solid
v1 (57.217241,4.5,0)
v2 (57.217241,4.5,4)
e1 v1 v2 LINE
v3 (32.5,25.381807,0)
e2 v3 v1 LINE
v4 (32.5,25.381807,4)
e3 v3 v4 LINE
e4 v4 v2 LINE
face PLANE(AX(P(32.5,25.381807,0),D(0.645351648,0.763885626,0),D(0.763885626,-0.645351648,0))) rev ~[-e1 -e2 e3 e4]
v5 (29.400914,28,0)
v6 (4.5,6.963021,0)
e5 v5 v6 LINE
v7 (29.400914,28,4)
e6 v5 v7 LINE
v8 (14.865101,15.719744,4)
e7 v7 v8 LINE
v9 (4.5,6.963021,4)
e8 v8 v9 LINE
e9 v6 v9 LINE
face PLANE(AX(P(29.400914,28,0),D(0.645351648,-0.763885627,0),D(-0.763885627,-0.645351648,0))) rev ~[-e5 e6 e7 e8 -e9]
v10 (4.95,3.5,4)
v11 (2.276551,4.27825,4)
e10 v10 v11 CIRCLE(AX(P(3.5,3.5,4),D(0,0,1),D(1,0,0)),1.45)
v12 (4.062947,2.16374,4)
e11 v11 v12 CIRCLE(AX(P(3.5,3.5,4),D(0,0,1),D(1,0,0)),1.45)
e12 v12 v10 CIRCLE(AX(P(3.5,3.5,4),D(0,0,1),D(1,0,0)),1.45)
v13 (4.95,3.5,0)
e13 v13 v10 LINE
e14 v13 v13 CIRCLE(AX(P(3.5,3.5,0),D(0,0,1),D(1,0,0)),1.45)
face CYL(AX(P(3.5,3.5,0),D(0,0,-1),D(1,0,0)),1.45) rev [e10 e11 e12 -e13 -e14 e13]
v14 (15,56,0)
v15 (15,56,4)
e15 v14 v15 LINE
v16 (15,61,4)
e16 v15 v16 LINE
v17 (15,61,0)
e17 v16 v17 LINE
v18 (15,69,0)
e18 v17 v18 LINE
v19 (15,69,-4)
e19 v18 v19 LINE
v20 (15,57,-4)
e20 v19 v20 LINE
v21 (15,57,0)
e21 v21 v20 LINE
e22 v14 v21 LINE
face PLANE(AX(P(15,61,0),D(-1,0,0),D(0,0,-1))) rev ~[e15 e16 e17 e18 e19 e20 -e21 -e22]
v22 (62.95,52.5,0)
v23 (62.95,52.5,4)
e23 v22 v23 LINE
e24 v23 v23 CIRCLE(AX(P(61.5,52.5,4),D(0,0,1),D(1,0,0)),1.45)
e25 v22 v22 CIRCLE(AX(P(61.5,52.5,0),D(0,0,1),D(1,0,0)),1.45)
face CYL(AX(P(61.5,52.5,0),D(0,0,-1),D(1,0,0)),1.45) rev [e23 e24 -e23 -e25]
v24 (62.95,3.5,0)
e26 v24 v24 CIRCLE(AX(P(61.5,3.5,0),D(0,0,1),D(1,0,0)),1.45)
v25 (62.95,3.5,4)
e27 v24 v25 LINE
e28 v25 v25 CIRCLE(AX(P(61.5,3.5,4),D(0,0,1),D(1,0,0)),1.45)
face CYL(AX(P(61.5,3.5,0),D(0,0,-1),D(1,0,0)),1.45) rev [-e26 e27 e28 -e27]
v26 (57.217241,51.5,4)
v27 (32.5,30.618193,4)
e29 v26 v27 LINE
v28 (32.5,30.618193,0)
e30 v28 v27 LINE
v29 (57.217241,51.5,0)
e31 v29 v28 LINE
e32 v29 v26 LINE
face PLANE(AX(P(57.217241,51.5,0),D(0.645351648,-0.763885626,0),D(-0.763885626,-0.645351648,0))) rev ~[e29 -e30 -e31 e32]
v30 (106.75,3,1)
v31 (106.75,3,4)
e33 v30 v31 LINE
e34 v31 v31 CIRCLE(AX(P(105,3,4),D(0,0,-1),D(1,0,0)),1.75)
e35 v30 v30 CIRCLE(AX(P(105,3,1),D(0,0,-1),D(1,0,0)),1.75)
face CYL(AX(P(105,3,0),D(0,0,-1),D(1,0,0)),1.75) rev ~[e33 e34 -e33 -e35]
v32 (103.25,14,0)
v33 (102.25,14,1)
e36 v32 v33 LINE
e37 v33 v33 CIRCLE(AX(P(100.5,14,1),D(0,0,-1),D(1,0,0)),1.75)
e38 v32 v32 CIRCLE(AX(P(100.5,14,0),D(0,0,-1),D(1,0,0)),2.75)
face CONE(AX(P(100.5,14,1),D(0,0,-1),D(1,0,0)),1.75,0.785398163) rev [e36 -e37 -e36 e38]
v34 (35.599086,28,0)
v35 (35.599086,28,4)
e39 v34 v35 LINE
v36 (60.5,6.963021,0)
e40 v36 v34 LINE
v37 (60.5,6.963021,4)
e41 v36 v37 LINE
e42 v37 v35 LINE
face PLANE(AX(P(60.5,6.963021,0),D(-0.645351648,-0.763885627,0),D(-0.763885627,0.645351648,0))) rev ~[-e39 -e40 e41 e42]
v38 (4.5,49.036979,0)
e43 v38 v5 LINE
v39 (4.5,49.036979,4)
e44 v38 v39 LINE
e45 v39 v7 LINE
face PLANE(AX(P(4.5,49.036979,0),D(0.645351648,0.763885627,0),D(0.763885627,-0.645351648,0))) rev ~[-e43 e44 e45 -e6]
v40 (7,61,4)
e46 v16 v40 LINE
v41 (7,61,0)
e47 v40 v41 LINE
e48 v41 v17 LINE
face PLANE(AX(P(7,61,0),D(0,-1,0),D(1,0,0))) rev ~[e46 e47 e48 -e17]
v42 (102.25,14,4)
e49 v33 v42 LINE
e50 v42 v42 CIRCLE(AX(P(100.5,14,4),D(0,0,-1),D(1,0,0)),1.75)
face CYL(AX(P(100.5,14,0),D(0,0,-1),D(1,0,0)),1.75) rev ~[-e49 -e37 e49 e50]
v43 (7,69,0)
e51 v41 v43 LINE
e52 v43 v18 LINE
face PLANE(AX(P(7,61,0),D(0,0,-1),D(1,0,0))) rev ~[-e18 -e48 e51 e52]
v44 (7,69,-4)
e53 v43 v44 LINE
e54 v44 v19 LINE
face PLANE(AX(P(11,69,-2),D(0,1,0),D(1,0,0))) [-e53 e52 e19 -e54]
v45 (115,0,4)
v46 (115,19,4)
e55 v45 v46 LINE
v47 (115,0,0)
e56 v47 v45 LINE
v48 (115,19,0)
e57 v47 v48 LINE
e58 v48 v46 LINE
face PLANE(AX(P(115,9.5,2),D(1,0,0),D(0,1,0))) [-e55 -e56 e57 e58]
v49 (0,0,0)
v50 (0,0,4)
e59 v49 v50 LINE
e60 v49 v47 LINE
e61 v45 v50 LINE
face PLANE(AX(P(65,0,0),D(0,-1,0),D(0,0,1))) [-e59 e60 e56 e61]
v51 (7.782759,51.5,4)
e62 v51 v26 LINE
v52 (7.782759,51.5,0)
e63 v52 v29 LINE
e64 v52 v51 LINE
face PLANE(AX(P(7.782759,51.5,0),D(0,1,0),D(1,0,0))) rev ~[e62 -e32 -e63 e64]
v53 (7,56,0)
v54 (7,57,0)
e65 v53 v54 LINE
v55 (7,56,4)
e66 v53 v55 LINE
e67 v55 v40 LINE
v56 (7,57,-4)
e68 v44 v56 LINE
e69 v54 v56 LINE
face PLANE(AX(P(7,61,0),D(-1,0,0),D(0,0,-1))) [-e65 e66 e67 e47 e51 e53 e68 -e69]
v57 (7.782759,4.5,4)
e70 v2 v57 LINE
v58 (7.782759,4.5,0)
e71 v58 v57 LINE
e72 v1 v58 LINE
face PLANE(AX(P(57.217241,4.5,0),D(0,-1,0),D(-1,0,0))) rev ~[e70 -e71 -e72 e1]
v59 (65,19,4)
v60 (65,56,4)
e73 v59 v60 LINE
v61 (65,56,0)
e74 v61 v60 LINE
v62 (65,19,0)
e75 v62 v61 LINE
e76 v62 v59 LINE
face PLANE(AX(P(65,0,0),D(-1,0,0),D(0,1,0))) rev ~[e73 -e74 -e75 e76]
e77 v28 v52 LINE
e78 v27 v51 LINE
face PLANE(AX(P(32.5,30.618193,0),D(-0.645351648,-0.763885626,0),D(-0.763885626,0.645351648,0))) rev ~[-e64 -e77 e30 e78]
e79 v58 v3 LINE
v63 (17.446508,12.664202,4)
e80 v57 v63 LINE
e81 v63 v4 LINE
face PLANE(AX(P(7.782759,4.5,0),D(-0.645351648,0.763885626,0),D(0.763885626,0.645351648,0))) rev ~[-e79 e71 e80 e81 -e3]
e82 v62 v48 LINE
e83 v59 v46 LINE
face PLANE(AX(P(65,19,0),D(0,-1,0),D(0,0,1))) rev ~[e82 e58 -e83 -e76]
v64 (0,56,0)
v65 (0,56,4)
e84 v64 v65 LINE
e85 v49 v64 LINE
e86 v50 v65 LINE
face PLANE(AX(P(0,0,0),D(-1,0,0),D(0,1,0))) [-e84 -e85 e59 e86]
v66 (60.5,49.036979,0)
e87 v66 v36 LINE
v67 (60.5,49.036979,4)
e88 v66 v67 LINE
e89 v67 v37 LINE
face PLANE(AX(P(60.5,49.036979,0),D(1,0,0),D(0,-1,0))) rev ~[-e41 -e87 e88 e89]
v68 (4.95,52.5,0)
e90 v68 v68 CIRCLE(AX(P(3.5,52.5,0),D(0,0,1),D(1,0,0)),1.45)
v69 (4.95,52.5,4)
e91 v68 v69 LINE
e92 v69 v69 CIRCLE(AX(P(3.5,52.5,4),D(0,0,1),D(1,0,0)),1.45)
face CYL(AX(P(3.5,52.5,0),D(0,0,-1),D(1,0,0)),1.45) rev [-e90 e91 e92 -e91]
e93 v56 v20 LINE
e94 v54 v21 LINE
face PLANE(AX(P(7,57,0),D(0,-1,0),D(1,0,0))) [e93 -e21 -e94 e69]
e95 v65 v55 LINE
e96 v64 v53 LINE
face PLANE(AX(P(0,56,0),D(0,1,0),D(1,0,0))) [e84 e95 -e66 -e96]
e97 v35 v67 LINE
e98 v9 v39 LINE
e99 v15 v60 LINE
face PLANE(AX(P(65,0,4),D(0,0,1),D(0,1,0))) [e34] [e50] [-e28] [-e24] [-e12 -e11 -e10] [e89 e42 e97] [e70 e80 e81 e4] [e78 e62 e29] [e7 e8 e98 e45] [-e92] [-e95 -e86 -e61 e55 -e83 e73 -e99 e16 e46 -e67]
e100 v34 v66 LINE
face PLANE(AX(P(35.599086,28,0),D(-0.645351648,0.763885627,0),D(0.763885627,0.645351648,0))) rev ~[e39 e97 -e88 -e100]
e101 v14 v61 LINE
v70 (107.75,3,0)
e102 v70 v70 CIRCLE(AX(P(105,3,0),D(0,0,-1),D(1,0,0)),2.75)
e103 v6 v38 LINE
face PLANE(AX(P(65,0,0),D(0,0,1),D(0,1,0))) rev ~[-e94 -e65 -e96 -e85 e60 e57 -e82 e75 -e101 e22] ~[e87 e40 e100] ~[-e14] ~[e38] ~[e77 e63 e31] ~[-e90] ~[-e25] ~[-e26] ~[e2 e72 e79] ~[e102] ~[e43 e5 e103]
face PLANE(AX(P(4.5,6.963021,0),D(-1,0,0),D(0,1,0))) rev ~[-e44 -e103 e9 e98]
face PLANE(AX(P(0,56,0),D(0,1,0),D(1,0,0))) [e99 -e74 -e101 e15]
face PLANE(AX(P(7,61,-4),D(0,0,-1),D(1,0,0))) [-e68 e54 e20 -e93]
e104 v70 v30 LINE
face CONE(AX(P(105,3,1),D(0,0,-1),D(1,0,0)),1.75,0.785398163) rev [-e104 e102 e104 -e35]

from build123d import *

# Parameters (mm, degrees)
SKETCH_W        = 65
SKETCH_H        = 56
SKETCH_R        = 1.45
PAD_DEPTH       = 4
SKETCH002_R     = 1.25
POCKET_DEPTH    = 5
SKETCH005_W     = 19
SKETCH005_H     = 4
PAD002_DEPTH    = 50
SKETCH006_W     = 8
SKETCH006_H     = 4
PAD003_DEPTH    = 5
SKETCH007_W     = 8
SKETCH007_H     = 4
PAD004_DEPTH    = 4
PAD004_FACE36_W = 8
PAD004_FACE36_H = 4
PAD005_DEPTH    = 8
SKETCH008_R     = 1.75
POCKET001_DEPTH = 4.001
CHAMFER_SIZE    = 1


with BuildPart() as part:
    # Sketch → Pad (new body)
    with BuildSketch(Plane.XY):
        with Locations((32.5, 28)):
            Rectangle(SKETCH_W, SKETCH_H)
        with Locations((3.5, 52.5)):
            Circle(SKETCH_R, mode=Mode.SUBTRACT)
        with Locations((61.5, 52.5)):
            Circle(SKETCH_R, mode=Mode.SUBTRACT)
        with Locations((3.5, 3.5)):
            Circle(SKETCH_R, mode=Mode.SUBTRACT)
        with Locations((61.5, 3.5)):
            Circle(SKETCH_R, mode=Mode.SUBTRACT)
        Polygon((7.782759, 51.5), (57.217241, 51.5), (32.5, 30.618193), align=None, mode=Mode.SUBTRACT)
        Polygon((60.5, 49.036979), (60.5, 6.963021), (35.599086, 28), align=None, mode=Mode.SUBTRACT)
        Polygon((57.217241, 4.5), (7.782759, 4.5), (32.5, 25.381807), align=None, mode=Mode.SUBTRACT)
        Polygon((4.5, 6.963021), (4.5, 49.036979), (29.400914, 28), align=None, mode=Mode.SUBTRACT)
    extrude(amount=PAD_DEPTH)

    # Sketch002 → Pocket (cut)
    with BuildSketch(Plane(origin=(-1.55844, 1.844684, 0), x_dir=(-0.763886, -0.645352, 0), z_dir=(-0.645352, 0.763886, 0))):
        with Locations((-21.5, 5.25)):
            Circle(SKETCH002_R)
        with Locations((-4.5, 5.25)):
            Circle(SKETCH002_R)
    extrude(amount=-POCKET_DEPTH, mode=Mode.SUBTRACT)

    # Sketch005 → Pad002 (join)
    with BuildSketch(Plane.YZ.offset(65)):
        with Locations((9.5, 2)):
            Rectangle(SKETCH005_W, SKETCH005_H)
    extrude(amount=PAD002_DEPTH)

    # Sketch006 (on Face1 of Pad002) → Pad003 (join)
    with BuildSketch(Plane(origin=(0, 56, 0), x_dir=(-1, 0, 0), z_dir=(0, 1, 0))):
        with Locations((-11, 2)):
            Rectangle(SKETCH006_W, SKETCH006_H)
    extrude(amount=PAD003_DEPTH)

    # Sketch007 (on Face6 of Pad003) → Pad004 (join)
    with BuildSketch(Plane(origin=(0, 0, 0), x_dir=(1, 0, 0), z_dir=(0, 0, -1))):
        with Locations((11, -59)):
            Rectangle(SKETCH007_W, SKETCH007_H)
    extrude(amount=PAD004_DEPTH)

    # Pad004 Face36 → Pad005 (add)
    with BuildSketch(Plane(origin=(11, 61, -2), x_dir=(1, 0, 0), z_dir=(0, 1, 0))):
        Rectangle(PAD004_FACE36_W, PAD004_FACE36_H)
    extrude(amount=PAD005_DEPTH)

    # Sketch008 (on Face9 of Pad005) → Pocket001 (cut, through all)
    with BuildSketch(Plane(origin=(0, 0, 0), x_dir=(1, 0, 0), z_dir=(0, 0, -1))):
        with Locations((105, -3)):
            Circle(SKETCH008_R)
        with Locations((100.5, -14)):
            Circle(SKETCH008_R)
    extrude(amount=-POCKET001_DEPTH, mode=Mode.SUBTRACT)

    # Chamfer
    chamfer_edges = [part.edges().sort_by_distance(p)[0] for p in [
        (98.75, 14, 0),
        (103.25, 3, 0),
    ]]
    chamfer(chamfer_edges, length=CHAMFER_SIZE)


solid = part.part
